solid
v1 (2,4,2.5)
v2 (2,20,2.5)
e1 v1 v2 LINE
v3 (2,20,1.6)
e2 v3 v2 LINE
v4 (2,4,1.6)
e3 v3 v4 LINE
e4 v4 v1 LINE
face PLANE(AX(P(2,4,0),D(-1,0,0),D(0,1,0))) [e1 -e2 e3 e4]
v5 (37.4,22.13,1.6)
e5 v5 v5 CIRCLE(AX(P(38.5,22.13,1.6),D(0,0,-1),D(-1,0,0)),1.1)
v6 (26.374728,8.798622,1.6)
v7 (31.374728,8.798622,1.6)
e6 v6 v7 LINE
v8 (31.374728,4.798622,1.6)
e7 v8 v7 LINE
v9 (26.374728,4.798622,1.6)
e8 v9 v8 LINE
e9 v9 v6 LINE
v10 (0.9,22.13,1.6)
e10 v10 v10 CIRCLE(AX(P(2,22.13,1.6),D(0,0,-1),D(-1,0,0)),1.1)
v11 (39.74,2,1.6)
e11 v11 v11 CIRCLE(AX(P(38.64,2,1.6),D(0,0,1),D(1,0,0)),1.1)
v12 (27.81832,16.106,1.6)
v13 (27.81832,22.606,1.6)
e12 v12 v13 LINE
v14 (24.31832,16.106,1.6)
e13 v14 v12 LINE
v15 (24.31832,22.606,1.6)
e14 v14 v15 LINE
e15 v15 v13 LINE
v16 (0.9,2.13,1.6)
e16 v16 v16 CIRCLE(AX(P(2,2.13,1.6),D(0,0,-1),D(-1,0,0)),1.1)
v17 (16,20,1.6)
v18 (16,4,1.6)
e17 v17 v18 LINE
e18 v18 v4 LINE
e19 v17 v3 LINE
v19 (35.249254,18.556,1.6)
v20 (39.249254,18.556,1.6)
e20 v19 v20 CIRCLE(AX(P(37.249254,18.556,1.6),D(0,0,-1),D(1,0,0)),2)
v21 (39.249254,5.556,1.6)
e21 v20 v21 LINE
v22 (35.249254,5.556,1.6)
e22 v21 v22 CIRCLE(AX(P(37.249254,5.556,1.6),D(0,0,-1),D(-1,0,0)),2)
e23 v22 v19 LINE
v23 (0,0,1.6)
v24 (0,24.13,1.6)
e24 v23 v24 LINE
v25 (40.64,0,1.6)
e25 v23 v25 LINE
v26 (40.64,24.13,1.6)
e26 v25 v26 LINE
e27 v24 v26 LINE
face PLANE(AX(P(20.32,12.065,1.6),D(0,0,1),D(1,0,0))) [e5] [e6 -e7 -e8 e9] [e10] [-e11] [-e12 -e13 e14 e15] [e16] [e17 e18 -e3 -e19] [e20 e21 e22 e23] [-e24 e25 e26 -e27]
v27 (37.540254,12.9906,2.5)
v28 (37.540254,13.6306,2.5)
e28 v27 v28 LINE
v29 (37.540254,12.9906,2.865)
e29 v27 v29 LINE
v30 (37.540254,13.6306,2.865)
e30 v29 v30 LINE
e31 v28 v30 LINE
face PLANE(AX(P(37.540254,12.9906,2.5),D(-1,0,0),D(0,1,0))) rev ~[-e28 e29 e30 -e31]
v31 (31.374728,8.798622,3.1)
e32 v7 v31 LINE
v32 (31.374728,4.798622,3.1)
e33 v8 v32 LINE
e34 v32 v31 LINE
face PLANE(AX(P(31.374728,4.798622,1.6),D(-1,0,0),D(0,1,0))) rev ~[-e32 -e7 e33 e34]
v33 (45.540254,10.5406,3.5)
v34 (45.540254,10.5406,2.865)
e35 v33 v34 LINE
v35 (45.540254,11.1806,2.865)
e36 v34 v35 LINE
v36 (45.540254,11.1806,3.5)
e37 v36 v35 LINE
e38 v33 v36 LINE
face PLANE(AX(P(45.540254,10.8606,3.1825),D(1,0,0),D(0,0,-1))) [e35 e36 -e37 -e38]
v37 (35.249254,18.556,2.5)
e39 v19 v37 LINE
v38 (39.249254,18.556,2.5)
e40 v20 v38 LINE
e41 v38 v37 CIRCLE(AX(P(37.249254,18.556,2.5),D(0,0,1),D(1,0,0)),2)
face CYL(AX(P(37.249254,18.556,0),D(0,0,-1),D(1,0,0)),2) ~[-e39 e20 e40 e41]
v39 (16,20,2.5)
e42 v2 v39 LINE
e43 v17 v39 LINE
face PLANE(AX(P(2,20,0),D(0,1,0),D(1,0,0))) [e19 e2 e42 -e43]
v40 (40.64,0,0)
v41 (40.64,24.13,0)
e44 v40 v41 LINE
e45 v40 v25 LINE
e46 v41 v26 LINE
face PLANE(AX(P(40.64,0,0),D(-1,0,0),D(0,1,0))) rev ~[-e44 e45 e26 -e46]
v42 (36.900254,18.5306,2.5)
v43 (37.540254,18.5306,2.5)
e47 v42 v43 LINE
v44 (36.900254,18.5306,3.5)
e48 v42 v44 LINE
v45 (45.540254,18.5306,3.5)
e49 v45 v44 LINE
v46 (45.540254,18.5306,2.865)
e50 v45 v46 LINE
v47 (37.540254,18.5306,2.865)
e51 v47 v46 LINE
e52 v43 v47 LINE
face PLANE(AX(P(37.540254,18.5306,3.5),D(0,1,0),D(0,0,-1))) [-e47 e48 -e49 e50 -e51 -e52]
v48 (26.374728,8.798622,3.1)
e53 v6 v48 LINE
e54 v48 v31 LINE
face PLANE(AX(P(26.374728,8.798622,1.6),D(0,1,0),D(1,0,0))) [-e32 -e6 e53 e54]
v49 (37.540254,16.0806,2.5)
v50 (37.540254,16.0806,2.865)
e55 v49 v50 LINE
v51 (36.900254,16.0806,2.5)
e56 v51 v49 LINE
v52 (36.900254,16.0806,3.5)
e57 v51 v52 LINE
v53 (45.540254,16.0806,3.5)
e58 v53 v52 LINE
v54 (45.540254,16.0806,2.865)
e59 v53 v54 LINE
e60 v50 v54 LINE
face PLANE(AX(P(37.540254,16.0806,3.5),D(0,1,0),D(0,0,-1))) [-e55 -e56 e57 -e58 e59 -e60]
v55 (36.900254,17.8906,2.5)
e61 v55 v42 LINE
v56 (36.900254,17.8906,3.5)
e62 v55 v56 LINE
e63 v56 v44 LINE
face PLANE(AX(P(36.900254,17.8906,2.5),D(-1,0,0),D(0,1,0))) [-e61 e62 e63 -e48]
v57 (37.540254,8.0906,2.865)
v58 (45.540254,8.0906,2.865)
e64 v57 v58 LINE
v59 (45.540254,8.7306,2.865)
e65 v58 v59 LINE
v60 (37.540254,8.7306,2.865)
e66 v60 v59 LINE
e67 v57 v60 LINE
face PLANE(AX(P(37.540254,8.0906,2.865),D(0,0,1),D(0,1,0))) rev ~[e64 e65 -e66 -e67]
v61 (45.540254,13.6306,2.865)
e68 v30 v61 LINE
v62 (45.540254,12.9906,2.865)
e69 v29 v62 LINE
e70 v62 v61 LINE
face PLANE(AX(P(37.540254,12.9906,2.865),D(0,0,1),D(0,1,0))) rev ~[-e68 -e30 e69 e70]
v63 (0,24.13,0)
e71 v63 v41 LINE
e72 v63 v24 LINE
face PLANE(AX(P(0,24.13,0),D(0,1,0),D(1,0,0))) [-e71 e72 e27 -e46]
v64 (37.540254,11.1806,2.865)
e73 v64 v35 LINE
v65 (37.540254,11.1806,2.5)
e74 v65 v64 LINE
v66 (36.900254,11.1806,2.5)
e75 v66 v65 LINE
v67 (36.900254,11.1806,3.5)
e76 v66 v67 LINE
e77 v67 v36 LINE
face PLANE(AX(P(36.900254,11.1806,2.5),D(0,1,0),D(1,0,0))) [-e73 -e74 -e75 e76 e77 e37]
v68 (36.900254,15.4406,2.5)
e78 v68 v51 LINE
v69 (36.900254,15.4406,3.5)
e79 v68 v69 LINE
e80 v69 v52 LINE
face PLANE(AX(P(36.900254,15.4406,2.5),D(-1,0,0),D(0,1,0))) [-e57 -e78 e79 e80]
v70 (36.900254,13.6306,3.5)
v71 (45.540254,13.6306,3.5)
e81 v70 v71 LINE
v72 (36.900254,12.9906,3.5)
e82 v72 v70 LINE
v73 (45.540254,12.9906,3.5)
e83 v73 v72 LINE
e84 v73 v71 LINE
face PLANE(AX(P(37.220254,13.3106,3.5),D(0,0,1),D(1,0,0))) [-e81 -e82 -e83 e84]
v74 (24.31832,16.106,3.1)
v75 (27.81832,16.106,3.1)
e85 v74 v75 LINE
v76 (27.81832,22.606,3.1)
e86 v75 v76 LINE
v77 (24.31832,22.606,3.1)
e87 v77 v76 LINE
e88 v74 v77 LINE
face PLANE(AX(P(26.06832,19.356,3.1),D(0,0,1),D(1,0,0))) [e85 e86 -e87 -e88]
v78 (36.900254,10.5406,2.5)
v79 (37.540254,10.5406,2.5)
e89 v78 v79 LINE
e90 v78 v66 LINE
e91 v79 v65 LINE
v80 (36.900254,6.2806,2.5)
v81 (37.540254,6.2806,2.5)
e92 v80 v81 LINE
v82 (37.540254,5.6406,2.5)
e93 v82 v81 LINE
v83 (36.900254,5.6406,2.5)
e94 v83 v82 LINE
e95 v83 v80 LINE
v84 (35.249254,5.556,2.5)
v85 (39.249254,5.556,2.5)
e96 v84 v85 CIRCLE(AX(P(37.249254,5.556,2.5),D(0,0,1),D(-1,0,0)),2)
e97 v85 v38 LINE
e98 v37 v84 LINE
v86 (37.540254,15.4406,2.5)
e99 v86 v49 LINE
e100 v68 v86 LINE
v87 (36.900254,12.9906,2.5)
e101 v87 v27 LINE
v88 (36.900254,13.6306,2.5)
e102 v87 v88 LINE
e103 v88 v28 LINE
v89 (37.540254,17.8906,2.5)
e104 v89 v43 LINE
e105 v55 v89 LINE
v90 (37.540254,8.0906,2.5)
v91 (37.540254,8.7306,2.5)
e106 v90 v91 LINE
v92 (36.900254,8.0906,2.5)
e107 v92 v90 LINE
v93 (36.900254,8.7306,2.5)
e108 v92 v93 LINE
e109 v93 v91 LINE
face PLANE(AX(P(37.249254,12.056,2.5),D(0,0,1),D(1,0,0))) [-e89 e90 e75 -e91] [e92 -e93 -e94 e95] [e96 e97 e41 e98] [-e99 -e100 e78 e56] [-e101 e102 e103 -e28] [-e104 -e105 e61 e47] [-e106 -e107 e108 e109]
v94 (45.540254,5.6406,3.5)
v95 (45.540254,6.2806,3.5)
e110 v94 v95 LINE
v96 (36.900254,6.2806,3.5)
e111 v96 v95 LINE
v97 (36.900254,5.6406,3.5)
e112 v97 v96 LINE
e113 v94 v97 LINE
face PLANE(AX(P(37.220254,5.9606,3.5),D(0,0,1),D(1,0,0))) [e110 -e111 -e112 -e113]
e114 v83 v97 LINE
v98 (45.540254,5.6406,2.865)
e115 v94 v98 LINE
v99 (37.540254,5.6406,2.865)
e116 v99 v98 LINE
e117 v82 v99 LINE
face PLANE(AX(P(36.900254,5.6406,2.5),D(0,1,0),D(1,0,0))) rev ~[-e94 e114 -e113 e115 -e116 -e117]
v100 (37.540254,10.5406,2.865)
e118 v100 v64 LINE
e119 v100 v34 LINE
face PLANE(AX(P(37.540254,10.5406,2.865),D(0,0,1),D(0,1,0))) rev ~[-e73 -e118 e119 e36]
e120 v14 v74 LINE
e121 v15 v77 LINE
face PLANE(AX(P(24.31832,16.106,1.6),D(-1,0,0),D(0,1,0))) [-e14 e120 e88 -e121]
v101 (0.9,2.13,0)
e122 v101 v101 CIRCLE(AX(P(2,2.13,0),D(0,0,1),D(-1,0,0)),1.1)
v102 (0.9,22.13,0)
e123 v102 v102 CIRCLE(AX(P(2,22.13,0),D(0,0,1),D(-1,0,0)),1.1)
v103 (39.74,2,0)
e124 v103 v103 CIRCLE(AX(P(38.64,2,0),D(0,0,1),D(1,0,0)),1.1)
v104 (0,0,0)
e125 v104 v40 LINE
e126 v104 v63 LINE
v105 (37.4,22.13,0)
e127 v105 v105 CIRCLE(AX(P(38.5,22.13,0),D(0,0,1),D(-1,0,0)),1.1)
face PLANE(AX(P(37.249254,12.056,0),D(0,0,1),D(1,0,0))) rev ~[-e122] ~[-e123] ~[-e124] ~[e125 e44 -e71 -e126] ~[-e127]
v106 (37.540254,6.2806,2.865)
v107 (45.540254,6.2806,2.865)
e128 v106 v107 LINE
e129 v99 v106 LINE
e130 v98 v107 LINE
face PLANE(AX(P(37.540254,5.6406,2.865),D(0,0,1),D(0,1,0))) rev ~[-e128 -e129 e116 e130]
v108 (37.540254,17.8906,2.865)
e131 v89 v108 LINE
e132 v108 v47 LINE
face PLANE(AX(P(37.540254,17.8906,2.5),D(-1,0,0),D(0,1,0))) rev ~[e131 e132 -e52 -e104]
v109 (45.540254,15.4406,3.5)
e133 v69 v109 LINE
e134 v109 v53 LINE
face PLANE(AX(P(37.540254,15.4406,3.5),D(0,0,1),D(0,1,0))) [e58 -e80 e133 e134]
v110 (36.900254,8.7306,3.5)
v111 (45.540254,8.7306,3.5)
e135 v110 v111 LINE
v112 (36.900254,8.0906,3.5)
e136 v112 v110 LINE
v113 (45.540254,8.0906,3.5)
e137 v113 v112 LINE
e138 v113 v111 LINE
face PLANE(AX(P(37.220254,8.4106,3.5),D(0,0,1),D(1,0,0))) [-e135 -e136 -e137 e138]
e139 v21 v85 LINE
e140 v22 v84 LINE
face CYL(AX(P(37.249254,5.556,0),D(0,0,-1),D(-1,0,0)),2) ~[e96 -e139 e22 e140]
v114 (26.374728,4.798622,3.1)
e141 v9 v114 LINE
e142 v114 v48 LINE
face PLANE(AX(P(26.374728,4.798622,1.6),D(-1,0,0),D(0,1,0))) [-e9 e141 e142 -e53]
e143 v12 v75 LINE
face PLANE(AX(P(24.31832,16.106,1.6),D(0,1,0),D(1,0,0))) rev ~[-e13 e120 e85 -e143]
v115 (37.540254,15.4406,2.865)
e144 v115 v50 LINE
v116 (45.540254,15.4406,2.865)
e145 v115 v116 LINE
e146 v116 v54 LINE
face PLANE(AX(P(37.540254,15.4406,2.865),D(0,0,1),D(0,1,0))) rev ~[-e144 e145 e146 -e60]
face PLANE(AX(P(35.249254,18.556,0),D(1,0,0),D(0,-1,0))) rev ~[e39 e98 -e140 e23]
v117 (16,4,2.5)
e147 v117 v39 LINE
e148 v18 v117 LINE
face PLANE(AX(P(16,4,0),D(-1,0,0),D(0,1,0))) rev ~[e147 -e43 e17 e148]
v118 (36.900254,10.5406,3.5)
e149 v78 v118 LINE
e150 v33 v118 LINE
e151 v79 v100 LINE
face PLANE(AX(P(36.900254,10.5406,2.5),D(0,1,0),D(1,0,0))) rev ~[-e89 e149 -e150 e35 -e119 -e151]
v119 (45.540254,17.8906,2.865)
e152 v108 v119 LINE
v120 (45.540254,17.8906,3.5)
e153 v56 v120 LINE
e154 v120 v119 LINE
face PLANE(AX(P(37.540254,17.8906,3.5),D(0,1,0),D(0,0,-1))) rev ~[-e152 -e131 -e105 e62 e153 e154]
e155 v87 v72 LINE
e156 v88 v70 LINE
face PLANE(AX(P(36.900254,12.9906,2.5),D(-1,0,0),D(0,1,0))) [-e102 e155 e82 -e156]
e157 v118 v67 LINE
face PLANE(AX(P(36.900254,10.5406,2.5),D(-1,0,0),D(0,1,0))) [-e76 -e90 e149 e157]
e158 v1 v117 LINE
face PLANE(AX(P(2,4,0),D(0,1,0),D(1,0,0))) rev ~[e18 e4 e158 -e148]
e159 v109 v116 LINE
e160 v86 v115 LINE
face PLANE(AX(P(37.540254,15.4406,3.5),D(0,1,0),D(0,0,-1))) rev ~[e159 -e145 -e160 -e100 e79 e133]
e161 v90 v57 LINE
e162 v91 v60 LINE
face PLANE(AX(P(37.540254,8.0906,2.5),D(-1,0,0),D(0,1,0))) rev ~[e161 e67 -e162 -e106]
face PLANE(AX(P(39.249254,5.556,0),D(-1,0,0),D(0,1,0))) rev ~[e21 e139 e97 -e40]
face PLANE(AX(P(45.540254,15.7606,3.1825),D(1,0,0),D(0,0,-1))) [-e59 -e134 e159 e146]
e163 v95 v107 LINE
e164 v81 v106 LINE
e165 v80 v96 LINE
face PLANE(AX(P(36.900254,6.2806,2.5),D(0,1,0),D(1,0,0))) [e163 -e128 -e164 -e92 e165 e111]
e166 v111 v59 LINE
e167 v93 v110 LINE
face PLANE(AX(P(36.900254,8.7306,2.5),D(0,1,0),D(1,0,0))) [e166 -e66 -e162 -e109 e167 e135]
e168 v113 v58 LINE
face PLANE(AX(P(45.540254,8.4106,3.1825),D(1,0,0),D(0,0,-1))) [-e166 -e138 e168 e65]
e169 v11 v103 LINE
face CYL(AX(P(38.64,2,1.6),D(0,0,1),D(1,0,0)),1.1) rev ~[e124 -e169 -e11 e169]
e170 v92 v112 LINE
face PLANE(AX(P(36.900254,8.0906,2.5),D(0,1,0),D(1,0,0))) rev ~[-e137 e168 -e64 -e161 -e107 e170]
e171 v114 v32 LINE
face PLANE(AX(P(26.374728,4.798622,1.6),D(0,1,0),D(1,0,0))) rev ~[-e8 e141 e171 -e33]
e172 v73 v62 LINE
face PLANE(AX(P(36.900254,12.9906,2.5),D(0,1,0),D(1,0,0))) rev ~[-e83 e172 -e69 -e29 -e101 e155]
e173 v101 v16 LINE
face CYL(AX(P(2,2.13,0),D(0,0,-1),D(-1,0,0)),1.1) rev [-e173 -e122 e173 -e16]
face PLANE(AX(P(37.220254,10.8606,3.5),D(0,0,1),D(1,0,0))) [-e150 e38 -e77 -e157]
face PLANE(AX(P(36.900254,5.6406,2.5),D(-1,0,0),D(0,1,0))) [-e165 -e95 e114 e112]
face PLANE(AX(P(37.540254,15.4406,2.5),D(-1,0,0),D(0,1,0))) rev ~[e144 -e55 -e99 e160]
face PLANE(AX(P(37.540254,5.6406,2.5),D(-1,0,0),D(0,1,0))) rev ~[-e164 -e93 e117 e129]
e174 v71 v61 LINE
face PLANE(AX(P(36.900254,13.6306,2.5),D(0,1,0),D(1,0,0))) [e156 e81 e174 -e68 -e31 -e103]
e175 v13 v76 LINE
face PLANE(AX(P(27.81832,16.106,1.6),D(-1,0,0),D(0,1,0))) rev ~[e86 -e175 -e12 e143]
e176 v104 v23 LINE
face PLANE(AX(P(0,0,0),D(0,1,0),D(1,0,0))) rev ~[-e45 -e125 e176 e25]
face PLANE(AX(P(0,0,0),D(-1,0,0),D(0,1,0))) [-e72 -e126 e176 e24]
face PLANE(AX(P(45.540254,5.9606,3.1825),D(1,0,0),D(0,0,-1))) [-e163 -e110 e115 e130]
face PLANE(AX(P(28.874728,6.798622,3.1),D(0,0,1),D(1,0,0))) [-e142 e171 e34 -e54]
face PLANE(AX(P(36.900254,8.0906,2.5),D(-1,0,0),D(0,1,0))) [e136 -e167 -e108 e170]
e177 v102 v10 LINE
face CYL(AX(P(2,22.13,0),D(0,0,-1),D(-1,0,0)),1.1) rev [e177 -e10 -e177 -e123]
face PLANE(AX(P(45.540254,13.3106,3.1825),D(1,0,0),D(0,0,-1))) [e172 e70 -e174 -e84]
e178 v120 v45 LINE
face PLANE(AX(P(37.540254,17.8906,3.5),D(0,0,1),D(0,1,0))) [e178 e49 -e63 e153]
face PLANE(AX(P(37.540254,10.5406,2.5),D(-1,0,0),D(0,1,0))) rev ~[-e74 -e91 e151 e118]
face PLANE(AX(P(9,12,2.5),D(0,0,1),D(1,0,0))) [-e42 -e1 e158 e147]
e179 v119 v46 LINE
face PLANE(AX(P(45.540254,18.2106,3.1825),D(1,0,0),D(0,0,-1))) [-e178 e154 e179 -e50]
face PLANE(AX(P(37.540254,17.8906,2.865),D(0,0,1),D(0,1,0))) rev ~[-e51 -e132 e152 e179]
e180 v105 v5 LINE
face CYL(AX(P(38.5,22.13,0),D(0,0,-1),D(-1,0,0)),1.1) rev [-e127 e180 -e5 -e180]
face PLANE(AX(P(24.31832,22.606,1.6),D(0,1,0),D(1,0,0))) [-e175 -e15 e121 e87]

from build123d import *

# Parameters (mm, degrees)
SKETCH1_W           = 40.64
SKETCH1_H           = 24.13
BOSS_EXTRUDE1_DEPTH = 1.6
SKETCH2_W           = 13.99999994
SKETCH2_H           = 16
BOSS_EXTRUDE2_DEPTH = 2.5
SKETCH3_R           = 1.1
CUT_EXTRUDE1_DEPTH  = 2.5
LPATTERN1_COUNT     = 2
LPATTERN1_PITCH     = 36.5
LPATTERN2_COUNT     = 2
LPATTERN2_PITCH     = 20
SKETCH4_R           = 1.1
CUT_EXTRUDE2_DEPTH  = 2.5
BOSS_EXTRUDE3_DEPTH = 2.5
SKETCH6_W           = 0.64
SKETCH6_H           = 0.64
BOSS_EXTRUDE4_DEPTH = 1
SKETCH8_W           = 0.635
SKETCH8_H           = 0.64
BOSS_EXTRUDE5_DEPTH = 8
LPATTERN7_COUNT     = 6
LPATTERN7_PITCH     = 2.45
SKETCH9_W           = 3.5
SKETCH9_H           = 6.5
BOSS_EXTRUDE6_DEPTH = 1.5
SKETCH10_W          = 5
SKETCH10_H          = 4
BOSS_EXTRUDE7_DEPTH = 1.5


with BuildPart() as part:
    # Sketch1 → Boss-Extrude1 (new body)
    with BuildSketch(Plane.XY):
        with Locations((20.32, 12.065)):
            Rectangle(SKETCH1_W, SKETCH1_H)
    extrude(amount=BOSS_EXTRUDE1_DEPTH)

    # Sketch2 → Boss-Extrude2 (add)
    with BuildSketch(Plane.XY):
        with Locations((8.99999997, 12)):
            Rectangle(SKETCH2_W, SKETCH2_H)
    extrude(amount=BOSS_EXTRUDE2_DEPTH)

    # Sketch3 → Cut-Extrude1 (cut)
    with BuildSketch(Plane.XY):
        with Locations(Location((2, 22.129999936, 0), (0, 0, 180))):
            Circle(SKETCH3_R)
    cut_extrude1 = extrude(amount=CUT_EXTRUDE1_DEPTH, mode=Mode.SUBTRACT)

    # LPattern1: Cut-Extrude1 ×2
    with Locations(*[(i * LPATTERN1_PITCH, 0, 0) for i in range(1, LPATTERN1_COUNT)]):
        add(cut_extrude1, mode=Mode.SUBTRACT)

    # LPattern2: Cut-Extrude1 ×2
    with Locations(*[(0, -i * LPATTERN2_PITCH, 0) for i in range(1, LPATTERN2_COUNT)]):
        add(cut_extrude1, mode=Mode.SUBTRACT)

    # Sketch4 → Cut-Extrude2 (cut)
    with BuildSketch(Plane.XY.offset(1.6)):
        with Locations((38.64, 2.000000064)):
            Circle(SKETCH4_R)
    extrude(amount=-CUT_EXTRUDE2_DEPTH, mode=Mode.SUBTRACT)

    # Sketch5 → Boss-Extrude3 (add)
    with BuildSketch(Plane.XY):
        with BuildLine():
            Line((35.249253939, 18.555999972), (35.249253939, 5.556000064))
            ThreePointArc((35.249253939, 5.556000064), (37.249254003, 3.556), (39.249254067, 5.556000064))
            Line((39.249254067, 5.556000064), (39.249254067, 18.555999972))
            ThreePointArc((39.249254067, 18.555999972), (37.249254003, 20.556000036), (35.249253939, 18.555999972))
        make_face()
    extrude(amount=BOSS_EXTRUDE3_DEPTH)

    # Sketch6 → Boss-Extrude4 (add)
    with BuildSketch(Plane.XY.offset(2.5)):
        with Locations((37.220253939, 18.210599972)):
            Rectangle(SKETCH6_W, SKETCH6_H)
    boss_extrude4 = extrude(amount=BOSS_EXTRUDE4_DEPTH)

    # Sketch8 → Boss-Extrude5 (add)
    with BuildSketch(Plane(origin=(37.540253939, 0, 0), x_dir=(0, 0, -1), z_dir=(1, 0, 0))):
        with Locations((-3.1825, 18.210599972)):
            Rectangle(SKETCH8_W, SKETCH8_H)
    boss_extrude5 = extrude(amount=BOSS_EXTRUDE5_DEPTH)

    # LPattern7: Boss-Extrude4, Boss-Extrude5 ×6
    with Locations(*[(0, -i * LPATTERN7_PITCH, 0) for i in range(1, LPATTERN7_COUNT)]):
        add(boss_extrude4)
        add(boss_extrude5)

    # Sketch9 → Boss-Extrude6 (add)
    with BuildSketch(Plane.XY.offset(1.6)):
        with Locations((26.068319719, 19.356)):
            Rectangle(SKETCH9_W, SKETCH9_H)
    extrude(amount=BOSS_EXTRUDE6_DEPTH)

    # Sketch10 → Boss-Extrude7 (add)
    with BuildSketch(Plane.XY.offset(1.6)):
        with Locations((28.874727699, 6.798621882)):
            Rectangle(SKETCH10_W, SKETCH10_H)
    extrude(amount=BOSS_EXTRUDE7_DEPTH)


solid = part.part
